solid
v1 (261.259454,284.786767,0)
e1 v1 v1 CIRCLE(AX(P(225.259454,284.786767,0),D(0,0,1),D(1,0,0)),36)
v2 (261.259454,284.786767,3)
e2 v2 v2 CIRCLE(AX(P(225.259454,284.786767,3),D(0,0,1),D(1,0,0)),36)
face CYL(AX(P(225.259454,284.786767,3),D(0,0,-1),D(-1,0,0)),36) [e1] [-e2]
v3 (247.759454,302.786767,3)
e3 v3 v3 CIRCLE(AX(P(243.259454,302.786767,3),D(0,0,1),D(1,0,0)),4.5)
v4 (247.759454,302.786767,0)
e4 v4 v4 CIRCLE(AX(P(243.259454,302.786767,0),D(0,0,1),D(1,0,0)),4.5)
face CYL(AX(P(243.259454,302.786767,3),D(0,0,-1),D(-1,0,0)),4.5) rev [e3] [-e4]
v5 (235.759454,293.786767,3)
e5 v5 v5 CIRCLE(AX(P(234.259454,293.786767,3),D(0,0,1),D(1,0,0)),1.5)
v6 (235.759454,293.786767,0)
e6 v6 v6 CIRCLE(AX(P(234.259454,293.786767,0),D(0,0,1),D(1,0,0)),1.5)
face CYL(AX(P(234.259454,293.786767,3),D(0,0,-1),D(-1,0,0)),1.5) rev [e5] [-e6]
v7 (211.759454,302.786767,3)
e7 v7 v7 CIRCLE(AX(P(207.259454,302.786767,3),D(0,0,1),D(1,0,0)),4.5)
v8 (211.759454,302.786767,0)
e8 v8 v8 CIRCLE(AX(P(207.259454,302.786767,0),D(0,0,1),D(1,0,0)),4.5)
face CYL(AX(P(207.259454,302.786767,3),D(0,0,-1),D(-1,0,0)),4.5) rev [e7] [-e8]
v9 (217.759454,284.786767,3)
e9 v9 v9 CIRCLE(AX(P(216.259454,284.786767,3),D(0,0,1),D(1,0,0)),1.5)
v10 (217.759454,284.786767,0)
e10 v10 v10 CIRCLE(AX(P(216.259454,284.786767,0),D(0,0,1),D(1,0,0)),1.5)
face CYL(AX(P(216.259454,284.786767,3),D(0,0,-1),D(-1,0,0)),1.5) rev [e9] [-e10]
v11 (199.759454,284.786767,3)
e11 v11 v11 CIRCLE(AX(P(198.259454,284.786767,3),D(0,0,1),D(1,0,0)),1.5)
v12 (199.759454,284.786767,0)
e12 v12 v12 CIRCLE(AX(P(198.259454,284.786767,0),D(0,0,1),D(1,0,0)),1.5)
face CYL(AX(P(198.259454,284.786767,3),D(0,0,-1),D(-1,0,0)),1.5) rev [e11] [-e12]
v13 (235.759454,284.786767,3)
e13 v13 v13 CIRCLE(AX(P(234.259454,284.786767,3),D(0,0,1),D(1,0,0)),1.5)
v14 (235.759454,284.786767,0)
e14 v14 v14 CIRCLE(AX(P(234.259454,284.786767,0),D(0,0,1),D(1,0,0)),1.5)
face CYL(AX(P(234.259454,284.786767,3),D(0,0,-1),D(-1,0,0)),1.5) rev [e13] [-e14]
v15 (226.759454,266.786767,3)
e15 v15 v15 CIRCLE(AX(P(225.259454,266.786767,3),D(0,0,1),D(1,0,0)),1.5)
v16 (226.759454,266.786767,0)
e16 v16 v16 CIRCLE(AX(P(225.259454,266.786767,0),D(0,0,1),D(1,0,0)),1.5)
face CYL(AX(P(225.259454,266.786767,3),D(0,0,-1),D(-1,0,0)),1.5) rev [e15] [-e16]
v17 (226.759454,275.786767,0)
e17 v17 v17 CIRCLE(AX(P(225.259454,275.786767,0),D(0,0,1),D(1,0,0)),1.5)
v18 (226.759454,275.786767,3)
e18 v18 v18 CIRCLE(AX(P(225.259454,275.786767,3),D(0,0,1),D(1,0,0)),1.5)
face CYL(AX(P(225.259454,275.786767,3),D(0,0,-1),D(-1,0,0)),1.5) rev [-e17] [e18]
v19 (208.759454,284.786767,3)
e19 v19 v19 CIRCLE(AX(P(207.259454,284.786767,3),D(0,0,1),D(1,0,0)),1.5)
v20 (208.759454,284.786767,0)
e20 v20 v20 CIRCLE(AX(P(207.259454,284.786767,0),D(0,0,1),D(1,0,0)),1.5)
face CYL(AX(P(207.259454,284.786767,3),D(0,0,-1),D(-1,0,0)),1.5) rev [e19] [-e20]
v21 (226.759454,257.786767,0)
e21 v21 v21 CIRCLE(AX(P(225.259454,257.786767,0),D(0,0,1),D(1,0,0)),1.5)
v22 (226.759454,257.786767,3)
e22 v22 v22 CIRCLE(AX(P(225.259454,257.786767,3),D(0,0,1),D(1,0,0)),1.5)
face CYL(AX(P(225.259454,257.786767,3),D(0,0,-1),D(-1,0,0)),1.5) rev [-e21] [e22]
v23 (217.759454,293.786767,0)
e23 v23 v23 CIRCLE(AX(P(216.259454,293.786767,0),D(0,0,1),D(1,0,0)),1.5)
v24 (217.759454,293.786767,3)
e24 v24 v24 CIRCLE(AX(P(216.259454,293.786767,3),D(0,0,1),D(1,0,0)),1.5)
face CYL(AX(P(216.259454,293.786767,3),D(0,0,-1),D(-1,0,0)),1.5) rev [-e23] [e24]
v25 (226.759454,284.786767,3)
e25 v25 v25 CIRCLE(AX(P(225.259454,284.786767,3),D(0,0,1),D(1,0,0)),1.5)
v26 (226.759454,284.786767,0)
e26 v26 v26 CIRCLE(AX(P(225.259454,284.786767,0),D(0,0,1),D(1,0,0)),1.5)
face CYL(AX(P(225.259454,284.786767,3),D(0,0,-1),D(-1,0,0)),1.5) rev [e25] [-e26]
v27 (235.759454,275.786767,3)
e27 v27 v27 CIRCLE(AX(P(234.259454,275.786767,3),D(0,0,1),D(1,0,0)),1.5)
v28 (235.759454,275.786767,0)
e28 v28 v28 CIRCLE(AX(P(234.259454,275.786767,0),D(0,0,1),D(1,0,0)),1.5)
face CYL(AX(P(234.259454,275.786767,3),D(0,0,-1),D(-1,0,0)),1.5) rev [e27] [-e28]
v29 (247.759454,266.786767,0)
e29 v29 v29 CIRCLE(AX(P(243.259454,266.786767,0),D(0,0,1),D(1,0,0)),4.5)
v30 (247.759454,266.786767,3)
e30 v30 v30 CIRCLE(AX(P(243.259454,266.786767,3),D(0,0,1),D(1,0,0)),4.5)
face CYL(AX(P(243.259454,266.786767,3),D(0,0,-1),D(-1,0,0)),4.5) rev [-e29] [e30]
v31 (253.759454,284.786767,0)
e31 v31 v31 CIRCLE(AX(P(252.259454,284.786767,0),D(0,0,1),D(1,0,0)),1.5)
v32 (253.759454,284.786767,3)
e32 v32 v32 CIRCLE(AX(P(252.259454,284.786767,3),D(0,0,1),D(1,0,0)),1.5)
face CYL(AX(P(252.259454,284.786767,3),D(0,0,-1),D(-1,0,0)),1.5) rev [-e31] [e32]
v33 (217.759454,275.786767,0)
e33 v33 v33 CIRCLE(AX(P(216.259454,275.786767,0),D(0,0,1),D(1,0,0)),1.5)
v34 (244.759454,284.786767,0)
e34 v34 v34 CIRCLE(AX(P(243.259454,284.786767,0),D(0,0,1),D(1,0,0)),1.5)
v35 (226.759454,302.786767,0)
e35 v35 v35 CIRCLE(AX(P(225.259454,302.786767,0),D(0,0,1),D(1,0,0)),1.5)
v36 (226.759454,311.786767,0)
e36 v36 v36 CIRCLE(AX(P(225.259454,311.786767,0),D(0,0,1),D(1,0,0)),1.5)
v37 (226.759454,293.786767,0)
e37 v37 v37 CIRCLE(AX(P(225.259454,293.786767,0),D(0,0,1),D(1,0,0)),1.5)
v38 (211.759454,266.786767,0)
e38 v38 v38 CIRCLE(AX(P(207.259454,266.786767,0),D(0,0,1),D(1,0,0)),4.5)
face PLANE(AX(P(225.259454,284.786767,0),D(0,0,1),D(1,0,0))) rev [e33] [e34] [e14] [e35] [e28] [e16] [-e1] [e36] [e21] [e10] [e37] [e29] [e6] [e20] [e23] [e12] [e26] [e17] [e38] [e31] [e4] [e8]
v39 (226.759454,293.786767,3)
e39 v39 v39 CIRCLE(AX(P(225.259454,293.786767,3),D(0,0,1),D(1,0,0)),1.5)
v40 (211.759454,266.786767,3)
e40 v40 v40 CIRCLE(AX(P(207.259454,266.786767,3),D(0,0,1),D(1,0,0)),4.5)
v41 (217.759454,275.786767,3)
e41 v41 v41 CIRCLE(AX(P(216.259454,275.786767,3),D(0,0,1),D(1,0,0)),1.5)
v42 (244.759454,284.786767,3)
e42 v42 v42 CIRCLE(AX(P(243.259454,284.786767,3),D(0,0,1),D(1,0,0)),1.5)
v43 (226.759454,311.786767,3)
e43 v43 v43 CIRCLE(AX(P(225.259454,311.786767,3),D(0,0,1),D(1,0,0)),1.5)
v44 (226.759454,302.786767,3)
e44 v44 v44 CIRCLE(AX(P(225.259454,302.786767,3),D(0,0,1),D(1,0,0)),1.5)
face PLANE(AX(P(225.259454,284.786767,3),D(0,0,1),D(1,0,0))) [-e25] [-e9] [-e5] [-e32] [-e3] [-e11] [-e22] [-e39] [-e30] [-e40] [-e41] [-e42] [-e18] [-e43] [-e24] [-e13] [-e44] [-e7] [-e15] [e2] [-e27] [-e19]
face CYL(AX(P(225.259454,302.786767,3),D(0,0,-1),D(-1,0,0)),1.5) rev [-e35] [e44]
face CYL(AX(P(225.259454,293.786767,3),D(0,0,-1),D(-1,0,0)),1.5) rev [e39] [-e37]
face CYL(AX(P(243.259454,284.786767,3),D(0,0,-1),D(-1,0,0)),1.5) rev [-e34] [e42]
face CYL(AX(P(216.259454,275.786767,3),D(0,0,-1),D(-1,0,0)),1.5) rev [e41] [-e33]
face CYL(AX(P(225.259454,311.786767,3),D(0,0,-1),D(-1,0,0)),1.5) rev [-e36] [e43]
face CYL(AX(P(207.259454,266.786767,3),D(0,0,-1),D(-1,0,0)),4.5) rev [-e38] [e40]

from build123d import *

# Parameters (mm, degrees)
MODEL_R                 = 36
MODEL_R_2               = 4.5
MODEL_R_3               = 1.5
SALIENTE_EXTRUIR1_DEPTH = 3


with BuildPart() as part:
    # Model → Saliente-Extruir1 (new body)
    with BuildSketch(Plane.XY):
        with Locations((225.25945398, 284.786767066)):
            Circle(MODEL_R)
        with Locations((207.25945398, 302.786767066)):
            Circle(MODEL_R_2, mode=Mode.SUBTRACT)
        with Locations((207.25945398, 266.786767066)):
            Circle(MODEL_R_2, mode=Mode.SUBTRACT)
        with Locations((243.25945398, 266.786767066)):
            Circle(MODEL_R_2, mode=Mode.SUBTRACT)
        with Locations((243.25945398, 302.786767066)):
            Circle(MODEL_R_2, mode=Mode.SUBTRACT)
        with Locations((225.25945398, 284.786767066)):
            Circle(MODEL_R_3, mode=Mode.SUBTRACT)
        with Locations((225.25945398, 275.786767066)):
            Circle(MODEL_R_3, mode=Mode.SUBTRACT)
        with Locations((225.25945398, 293.786767066)):
            Circle(MODEL_R_3, mode=Mode.SUBTRACT)
        with Locations((234.25945398, 284.786767066)):
            Circle(MODEL_R_3, mode=Mode.SUBTRACT)
        with Locations((216.25945398, 284.786767066)):
            Circle(MODEL_R_3, mode=Mode.SUBTRACT)
        with Locations((243.25945398, 284.786767066)):
            Circle(MODEL_R_3, mode=Mode.SUBTRACT)
        with Locations((252.25945398, 284.786767066)):
            Circle(MODEL_R_3, mode=Mode.SUBTRACT)
        with Locations((198.25945398, 284.786767066)):
            Circle(MODEL_R_3, mode=Mode.SUBTRACT)
        with Locations((207.25945398, 284.786767066)):
            Circle(MODEL_R_3, mode=Mode.SUBTRACT)
        with Locations((225.25945398, 302.786767066)):
            Circle(MODEL_R_3, mode=Mode.SUBTRACT)
        with Locations((225.25945398, 311.786767066)):
            Circle(MODEL_R_3, mode=Mode.SUBTRACT)
        with Locations((225.25945398, 266.786767066)):
            Circle(MODEL_R_3, mode=Mode.SUBTRACT)
        with Locations((225.25945398, 257.786767066)):
            Circle(MODEL_R_3, mode=Mode.SUBTRACT)
        with Locations((216.25945398, 275.786767066)):
            Circle(MODEL_R_3, mode=Mode.SUBTRACT)
        with Locations((234.25945398, 293.786767066)):
            Circle(MODEL_R_3, mode=Mode.SUBTRACT)
        with Locations((234.25945398, 275.786767066)):
            Circle(MODEL_R_3, mode=Mode.SUBTRACT)
        with Locations((216.25945398, 293.786767066)):
            Circle(MODEL_R_3, mode=Mode.SUBTRACT)
    extrude(amount=SALIENTE_EXTRUIR1_DEPTH)


solid = part.part
